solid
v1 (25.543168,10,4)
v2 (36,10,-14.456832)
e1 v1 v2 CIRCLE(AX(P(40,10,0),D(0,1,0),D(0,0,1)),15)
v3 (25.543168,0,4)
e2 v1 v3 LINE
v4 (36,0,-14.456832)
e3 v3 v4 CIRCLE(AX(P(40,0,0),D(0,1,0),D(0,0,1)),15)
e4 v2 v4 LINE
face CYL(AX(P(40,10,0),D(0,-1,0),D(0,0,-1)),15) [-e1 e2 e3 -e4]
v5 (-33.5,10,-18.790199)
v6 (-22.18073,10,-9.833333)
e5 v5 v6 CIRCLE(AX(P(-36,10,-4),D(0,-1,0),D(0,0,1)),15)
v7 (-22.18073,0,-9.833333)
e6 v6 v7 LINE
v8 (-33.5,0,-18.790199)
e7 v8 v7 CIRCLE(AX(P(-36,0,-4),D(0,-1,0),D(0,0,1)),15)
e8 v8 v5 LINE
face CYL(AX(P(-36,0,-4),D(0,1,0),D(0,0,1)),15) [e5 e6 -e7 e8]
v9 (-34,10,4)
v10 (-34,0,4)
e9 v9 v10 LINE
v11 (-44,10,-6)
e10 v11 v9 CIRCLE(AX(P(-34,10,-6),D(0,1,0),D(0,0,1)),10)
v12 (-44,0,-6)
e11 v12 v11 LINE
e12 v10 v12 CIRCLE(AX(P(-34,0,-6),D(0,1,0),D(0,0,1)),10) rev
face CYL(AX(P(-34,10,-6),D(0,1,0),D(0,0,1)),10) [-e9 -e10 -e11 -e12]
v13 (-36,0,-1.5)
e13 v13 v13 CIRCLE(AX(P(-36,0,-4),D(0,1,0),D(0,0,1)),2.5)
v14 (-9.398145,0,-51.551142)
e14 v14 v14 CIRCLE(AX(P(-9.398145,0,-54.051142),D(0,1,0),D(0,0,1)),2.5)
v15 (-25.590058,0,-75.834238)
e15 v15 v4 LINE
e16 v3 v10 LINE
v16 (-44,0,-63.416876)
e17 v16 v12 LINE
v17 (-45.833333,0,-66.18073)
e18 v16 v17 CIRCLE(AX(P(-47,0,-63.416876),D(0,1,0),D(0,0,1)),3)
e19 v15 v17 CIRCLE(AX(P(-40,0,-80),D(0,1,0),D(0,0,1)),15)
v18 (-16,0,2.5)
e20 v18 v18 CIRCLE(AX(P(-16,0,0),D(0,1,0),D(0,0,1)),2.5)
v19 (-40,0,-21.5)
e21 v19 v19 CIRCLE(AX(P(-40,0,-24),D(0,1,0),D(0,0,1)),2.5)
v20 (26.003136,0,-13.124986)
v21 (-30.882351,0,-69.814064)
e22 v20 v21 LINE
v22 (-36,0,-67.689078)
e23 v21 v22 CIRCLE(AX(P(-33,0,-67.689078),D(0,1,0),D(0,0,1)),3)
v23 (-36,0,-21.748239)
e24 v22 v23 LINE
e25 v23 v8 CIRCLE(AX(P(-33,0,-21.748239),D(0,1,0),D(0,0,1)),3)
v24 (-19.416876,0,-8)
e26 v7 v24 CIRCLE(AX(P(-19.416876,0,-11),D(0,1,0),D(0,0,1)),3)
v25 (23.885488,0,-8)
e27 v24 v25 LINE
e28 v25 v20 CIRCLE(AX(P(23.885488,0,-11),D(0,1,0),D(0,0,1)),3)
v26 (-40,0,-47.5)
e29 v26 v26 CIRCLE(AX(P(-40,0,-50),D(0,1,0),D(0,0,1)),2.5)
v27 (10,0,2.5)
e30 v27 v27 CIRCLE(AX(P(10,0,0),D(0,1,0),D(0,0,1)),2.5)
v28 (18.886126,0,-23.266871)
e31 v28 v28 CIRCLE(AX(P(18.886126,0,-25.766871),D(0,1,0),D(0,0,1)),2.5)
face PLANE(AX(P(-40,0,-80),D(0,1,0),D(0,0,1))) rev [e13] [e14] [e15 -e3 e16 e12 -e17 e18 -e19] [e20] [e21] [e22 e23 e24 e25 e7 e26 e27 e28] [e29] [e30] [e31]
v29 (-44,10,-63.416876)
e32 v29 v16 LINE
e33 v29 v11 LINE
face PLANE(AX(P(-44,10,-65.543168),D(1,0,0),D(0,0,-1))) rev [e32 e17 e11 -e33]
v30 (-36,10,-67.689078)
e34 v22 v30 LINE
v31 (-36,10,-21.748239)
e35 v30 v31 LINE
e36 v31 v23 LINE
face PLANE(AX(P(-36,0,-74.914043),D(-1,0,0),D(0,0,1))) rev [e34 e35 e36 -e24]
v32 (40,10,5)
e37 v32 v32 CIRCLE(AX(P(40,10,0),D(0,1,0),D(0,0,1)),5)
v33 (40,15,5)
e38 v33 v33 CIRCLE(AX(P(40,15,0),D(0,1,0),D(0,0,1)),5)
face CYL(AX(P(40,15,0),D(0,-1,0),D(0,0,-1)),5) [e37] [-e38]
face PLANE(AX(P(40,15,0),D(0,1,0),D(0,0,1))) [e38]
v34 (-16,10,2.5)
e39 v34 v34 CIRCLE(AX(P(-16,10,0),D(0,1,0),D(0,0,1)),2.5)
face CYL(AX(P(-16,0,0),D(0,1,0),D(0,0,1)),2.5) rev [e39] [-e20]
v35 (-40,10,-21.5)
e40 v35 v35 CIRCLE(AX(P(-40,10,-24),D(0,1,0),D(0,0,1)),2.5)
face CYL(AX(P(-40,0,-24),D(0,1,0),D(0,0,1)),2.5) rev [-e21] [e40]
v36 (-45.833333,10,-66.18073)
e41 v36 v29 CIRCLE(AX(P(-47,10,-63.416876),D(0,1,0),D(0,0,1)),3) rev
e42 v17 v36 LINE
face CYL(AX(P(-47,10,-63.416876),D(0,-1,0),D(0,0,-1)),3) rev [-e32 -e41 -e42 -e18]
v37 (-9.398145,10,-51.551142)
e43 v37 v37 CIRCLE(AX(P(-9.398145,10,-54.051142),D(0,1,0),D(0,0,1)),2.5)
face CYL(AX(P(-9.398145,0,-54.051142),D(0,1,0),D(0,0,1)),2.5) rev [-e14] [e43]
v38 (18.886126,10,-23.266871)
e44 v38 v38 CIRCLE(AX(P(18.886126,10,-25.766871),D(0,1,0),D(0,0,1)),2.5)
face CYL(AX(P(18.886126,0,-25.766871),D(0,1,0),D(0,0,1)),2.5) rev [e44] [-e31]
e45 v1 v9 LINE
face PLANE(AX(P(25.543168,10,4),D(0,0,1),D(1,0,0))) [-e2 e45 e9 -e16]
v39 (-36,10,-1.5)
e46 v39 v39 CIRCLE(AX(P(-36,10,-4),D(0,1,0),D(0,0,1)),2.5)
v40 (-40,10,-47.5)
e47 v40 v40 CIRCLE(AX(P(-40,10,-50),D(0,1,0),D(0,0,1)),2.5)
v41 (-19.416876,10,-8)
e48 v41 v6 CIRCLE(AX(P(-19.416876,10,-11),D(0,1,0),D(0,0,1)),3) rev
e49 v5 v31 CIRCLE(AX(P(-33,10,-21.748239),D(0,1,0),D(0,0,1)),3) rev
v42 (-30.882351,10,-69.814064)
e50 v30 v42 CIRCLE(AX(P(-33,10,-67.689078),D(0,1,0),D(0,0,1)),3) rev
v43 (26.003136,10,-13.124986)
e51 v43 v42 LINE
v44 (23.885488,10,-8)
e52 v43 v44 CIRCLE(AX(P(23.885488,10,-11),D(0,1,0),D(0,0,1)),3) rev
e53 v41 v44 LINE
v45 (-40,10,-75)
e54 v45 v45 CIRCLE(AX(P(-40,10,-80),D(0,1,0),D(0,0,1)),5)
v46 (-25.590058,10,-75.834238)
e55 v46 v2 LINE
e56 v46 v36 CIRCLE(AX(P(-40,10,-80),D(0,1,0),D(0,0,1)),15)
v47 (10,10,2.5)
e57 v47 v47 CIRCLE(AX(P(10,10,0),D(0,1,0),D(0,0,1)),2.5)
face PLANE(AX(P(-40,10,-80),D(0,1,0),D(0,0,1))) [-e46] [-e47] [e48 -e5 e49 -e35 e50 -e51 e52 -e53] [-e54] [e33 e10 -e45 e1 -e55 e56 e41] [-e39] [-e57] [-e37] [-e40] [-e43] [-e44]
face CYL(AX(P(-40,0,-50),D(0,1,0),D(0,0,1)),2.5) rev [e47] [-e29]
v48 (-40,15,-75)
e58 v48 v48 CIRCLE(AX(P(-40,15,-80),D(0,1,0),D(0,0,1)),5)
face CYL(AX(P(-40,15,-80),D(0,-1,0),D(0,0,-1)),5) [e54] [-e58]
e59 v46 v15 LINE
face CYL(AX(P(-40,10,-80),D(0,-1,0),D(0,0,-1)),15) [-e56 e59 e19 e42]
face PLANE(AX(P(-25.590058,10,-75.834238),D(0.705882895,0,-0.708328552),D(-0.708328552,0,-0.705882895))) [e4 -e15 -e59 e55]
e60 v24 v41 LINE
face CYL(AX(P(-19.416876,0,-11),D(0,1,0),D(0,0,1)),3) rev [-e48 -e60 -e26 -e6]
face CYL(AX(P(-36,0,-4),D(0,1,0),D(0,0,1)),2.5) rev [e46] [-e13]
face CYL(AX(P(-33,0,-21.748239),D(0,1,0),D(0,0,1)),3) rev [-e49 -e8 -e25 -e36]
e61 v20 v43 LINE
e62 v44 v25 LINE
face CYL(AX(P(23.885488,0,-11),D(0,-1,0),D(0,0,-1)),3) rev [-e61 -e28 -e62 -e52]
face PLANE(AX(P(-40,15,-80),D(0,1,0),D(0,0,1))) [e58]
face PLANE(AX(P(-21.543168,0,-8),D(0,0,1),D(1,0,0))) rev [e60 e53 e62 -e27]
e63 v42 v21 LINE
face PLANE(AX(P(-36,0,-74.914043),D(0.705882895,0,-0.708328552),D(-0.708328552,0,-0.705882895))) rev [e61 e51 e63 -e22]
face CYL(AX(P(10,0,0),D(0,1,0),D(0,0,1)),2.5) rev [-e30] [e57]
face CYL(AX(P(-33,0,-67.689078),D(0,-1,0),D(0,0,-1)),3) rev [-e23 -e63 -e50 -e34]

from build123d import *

# Parameters (mm, degrees)
BOSS_EXTRUDE1_DEPTH = 10
SKETCH2_R           = 5
BOSS_EXTRUDE2_DEPTH = 5
SKETCH3_R           = 5
BOSS_EXTRUDE3_DEPTH = 5
SKETCH4_R           = 2.5
CUT_EXTRUDE1_DEPTH  = 111.227038425
SKETCH5_R           = 2.5
CUT_EXTRUDE2_DEPTH  = 111.227038425
SKETCH6_R           = 2.5
CUT_EXTRUDE3_DEPTH  = 111.227038425
SKETCH7_R           = 2.5
CUT_EXTRUDE4_DEPTH  = 111.227038425
SKETCH8_R           = 2.5
CUT_EXTRUDE5_DEPTH  = 111.227038425
CUT_EXTRUDE6_DEPTH  = 111.227038425
FILLET3_R           = 3
SKETCH11_R          = 2.5
CUT_EXTRUDE7_DEPTH  = 111.227038425
SKETCH12_R          = 2.5
CUT_EXTRUDE8_DEPTH  = 111.227038425
FILLET4_R           = 3
FILLET5_R           = 3
FILLET6_R           = 3
FILLET7_R           = 3
FILLET8_R           = 10


with BuildPart() as part:
    # Sketch1 → Boss-Extrude1 (new body)
    with BuildSketch(Plane(origin=(0, 0, 0), x_dir=(1, 0, 0), z_dir=(0, 1, 0))):
        with BuildLine():
            Line((-25.590058181, 75.834237552), (36, 14.456832295))
            ThreePointArc((36, 14.456832295), (53.050951275, -7.394097025), (25.543167705, -4))
            Line((25.543167705, -4), (-44, -4))
            Line((-44, -4), (-44, 65.543167705))
            ThreePointArc((-44, 65.543167705), (-47.31903353, 93.093194728), (-25.590058181, 75.834237552))
        make_face()
    extrude(amount=BOSS_EXTRUDE1_DEPTH)

    # Sketch2 → Boss-Extrude2 (add)
    with BuildSketch(Plane(origin=(0, 10, 0), x_dir=(1, 0, 0), z_dir=(0, 1, 0))):
        with Locations(Location((-40, 80, 0), (0, 0, 270))):
            Circle(SKETCH2_R)
    extrude(amount=BOSS_EXTRUDE2_DEPTH)

    # Sketch3 → Boss-Extrude3 (add)
    with BuildSketch(Plane(origin=(0, 10, 0), x_dir=(1, 0, 0), z_dir=(0, 1, 0))):
        with Locations(Location((40, 0, 0), (0, 0, 270))):
            Circle(SKETCH3_R)
    extrude(amount=BOSS_EXTRUDE3_DEPTH)

    # Sketch4 → Cut-Extrude1 (cut, through all)
    with BuildSketch(Plane(origin=(0, 10, 0), x_dir=(1, 0, 0), z_dir=(0, 1, 0))):
        with Locations(Location((-40, 50, 0), (0, 0, 270))):
            Circle(SKETCH4_R)
    extrude(amount=-CUT_EXTRUDE1_DEPTH, mode=Mode.SUBTRACT)

    # Sketch5 → Cut-Extrude2 (cut, through all)
    with BuildSketch(Plane(origin=(0, 10, 0), x_dir=(1, 0, 0), z_dir=(0, 1, 0))):
        with Locations(Location((-40, 24, 0), (0, 0, 270))):
            Circle(SKETCH5_R)
    extrude(amount=-CUT_EXTRUDE2_DEPTH, mode=Mode.SUBTRACT)

    # Sketch6 → Cut-Extrude3 (cut, through all)
    with BuildSketch(Plane(origin=(0, 10, 0), x_dir=(1, 0, 0), z_dir=(0, 1, 0))):
        with Locations(Location((10, 0, 0), (0, 0, 270))):
            Circle(SKETCH6_R)
    extrude(amount=-CUT_EXTRUDE3_DEPTH, mode=Mode.SUBTRACT)

    # Sketch7 → Cut-Extrude4 (cut, through all)
    with BuildSketch(Plane(origin=(0, 10, 0), x_dir=(1, 0, 0), z_dir=(0, 1, 0))):
        with Locations(Location((-16, 0, 0), (0, 0, 270))):
            Circle(SKETCH7_R)
    extrude(amount=-CUT_EXTRUDE4_DEPTH, mode=Mode.SUBTRACT)

    # Sketch8 → Cut-Extrude5 (cut, through all)
    with BuildSketch(Plane(origin=(0, 10, 0), x_dir=(1, 0, 0), z_dir=(0, 1, 0))):
        with Locations(Location((-36, 4, 0), (0, 0, 270))):
            Circle(SKETCH8_R)
    extrude(amount=-CUT_EXTRUDE5_DEPTH, mode=Mode.SUBTRACT)

    # Sketch10 → Cut-Extrude6 (cut, through all)
    with BuildSketch(Plane(origin=(0, 10, 0), x_dir=(1, 0, 0), z_dir=(0, 1, 0))):
        with BuildLine():
            Line((-36, 74.914042926), (31.145878515, 8))
            Line((31.145878515, 8), (-21.543167705, 8))
            ThreePointArc((-21.543167705, 8), (-26.917048938, 15.937336386), (-36, 19))
            Line((-36, 19), (-36, 74.914042926))
        make_face()
    extrude(amount=-CUT_EXTRUDE6_DEPTH, mode=Mode.SUBTRACT)

    # Fillet3
    fillet3_edges = [part.edges().sort_by_distance(p)[0] for p in [
        (-44, 5, -65.543167705),
    ]]
    fillet(fillet3_edges, radius=FILLET3_R)

    # Sketch11 → Cut-Extrude7 (cut, through all)
    with BuildSketch(Plane(origin=(0, 10, 0), x_dir=(1, 0, 0), z_dir=(0, 1, 0))):
        with Locations(Location((-9.398144918, 54.051141856, 0), (0, 0, 270))):
            Circle(SKETCH11_R)
    extrude(amount=-CUT_EXTRUDE7_DEPTH, mode=Mode.SUBTRACT)

    # Sketch12 → Cut-Extrude8 (cut, through all)
    with BuildSketch(Plane(origin=(0, 10, 0), x_dir=(1, 0, 0), z_dir=(0, 1, 0))):
        with Locations(Location((18.886126329, 25.766870608, 0), (0, 0, 270))):
            Circle(SKETCH12_R)
    extrude(amount=-CUT_EXTRUDE8_DEPTH, mode=Mode.SUBTRACT)

    # Fillet4
    fillet4_edges = [part.edges().sort_by_distance(p)[0] for p in [
        (-36, 5, -74.914042926),
    ]]
    fillet(fillet4_edges, radius=FILLET4_R)

    # Fillet5
    fillet5_edges = [part.edges().sort_by_distance(p)[0] for p in [
        (31.145878515, 5, -8),
    ]]
    fillet(fillet5_edges, radius=FILLET5_R)

    # Fillet6
    fillet6_edges = [part.edges().sort_by_distance(p)[0] for p in [
        (-36, 5, -19),
    ]]
    fillet(fillet6_edges, radius=FILLET6_R)

    # Fillet7
    fillet7_edges = [part.edges().sort_by_distance(p)[0] for p in [
        (-21.543167705, 5, -8),
    ]]
    fillet(fillet7_edges, radius=FILLET7_R)

    # Fillet8
    fillet8_edges = [part.edges().sort_by_distance(p)[0] for p in [
        (-44, 5, 4),
    ]]
    fillet(fillet8_edges, radius=FILLET8_R)


solid = part.part
